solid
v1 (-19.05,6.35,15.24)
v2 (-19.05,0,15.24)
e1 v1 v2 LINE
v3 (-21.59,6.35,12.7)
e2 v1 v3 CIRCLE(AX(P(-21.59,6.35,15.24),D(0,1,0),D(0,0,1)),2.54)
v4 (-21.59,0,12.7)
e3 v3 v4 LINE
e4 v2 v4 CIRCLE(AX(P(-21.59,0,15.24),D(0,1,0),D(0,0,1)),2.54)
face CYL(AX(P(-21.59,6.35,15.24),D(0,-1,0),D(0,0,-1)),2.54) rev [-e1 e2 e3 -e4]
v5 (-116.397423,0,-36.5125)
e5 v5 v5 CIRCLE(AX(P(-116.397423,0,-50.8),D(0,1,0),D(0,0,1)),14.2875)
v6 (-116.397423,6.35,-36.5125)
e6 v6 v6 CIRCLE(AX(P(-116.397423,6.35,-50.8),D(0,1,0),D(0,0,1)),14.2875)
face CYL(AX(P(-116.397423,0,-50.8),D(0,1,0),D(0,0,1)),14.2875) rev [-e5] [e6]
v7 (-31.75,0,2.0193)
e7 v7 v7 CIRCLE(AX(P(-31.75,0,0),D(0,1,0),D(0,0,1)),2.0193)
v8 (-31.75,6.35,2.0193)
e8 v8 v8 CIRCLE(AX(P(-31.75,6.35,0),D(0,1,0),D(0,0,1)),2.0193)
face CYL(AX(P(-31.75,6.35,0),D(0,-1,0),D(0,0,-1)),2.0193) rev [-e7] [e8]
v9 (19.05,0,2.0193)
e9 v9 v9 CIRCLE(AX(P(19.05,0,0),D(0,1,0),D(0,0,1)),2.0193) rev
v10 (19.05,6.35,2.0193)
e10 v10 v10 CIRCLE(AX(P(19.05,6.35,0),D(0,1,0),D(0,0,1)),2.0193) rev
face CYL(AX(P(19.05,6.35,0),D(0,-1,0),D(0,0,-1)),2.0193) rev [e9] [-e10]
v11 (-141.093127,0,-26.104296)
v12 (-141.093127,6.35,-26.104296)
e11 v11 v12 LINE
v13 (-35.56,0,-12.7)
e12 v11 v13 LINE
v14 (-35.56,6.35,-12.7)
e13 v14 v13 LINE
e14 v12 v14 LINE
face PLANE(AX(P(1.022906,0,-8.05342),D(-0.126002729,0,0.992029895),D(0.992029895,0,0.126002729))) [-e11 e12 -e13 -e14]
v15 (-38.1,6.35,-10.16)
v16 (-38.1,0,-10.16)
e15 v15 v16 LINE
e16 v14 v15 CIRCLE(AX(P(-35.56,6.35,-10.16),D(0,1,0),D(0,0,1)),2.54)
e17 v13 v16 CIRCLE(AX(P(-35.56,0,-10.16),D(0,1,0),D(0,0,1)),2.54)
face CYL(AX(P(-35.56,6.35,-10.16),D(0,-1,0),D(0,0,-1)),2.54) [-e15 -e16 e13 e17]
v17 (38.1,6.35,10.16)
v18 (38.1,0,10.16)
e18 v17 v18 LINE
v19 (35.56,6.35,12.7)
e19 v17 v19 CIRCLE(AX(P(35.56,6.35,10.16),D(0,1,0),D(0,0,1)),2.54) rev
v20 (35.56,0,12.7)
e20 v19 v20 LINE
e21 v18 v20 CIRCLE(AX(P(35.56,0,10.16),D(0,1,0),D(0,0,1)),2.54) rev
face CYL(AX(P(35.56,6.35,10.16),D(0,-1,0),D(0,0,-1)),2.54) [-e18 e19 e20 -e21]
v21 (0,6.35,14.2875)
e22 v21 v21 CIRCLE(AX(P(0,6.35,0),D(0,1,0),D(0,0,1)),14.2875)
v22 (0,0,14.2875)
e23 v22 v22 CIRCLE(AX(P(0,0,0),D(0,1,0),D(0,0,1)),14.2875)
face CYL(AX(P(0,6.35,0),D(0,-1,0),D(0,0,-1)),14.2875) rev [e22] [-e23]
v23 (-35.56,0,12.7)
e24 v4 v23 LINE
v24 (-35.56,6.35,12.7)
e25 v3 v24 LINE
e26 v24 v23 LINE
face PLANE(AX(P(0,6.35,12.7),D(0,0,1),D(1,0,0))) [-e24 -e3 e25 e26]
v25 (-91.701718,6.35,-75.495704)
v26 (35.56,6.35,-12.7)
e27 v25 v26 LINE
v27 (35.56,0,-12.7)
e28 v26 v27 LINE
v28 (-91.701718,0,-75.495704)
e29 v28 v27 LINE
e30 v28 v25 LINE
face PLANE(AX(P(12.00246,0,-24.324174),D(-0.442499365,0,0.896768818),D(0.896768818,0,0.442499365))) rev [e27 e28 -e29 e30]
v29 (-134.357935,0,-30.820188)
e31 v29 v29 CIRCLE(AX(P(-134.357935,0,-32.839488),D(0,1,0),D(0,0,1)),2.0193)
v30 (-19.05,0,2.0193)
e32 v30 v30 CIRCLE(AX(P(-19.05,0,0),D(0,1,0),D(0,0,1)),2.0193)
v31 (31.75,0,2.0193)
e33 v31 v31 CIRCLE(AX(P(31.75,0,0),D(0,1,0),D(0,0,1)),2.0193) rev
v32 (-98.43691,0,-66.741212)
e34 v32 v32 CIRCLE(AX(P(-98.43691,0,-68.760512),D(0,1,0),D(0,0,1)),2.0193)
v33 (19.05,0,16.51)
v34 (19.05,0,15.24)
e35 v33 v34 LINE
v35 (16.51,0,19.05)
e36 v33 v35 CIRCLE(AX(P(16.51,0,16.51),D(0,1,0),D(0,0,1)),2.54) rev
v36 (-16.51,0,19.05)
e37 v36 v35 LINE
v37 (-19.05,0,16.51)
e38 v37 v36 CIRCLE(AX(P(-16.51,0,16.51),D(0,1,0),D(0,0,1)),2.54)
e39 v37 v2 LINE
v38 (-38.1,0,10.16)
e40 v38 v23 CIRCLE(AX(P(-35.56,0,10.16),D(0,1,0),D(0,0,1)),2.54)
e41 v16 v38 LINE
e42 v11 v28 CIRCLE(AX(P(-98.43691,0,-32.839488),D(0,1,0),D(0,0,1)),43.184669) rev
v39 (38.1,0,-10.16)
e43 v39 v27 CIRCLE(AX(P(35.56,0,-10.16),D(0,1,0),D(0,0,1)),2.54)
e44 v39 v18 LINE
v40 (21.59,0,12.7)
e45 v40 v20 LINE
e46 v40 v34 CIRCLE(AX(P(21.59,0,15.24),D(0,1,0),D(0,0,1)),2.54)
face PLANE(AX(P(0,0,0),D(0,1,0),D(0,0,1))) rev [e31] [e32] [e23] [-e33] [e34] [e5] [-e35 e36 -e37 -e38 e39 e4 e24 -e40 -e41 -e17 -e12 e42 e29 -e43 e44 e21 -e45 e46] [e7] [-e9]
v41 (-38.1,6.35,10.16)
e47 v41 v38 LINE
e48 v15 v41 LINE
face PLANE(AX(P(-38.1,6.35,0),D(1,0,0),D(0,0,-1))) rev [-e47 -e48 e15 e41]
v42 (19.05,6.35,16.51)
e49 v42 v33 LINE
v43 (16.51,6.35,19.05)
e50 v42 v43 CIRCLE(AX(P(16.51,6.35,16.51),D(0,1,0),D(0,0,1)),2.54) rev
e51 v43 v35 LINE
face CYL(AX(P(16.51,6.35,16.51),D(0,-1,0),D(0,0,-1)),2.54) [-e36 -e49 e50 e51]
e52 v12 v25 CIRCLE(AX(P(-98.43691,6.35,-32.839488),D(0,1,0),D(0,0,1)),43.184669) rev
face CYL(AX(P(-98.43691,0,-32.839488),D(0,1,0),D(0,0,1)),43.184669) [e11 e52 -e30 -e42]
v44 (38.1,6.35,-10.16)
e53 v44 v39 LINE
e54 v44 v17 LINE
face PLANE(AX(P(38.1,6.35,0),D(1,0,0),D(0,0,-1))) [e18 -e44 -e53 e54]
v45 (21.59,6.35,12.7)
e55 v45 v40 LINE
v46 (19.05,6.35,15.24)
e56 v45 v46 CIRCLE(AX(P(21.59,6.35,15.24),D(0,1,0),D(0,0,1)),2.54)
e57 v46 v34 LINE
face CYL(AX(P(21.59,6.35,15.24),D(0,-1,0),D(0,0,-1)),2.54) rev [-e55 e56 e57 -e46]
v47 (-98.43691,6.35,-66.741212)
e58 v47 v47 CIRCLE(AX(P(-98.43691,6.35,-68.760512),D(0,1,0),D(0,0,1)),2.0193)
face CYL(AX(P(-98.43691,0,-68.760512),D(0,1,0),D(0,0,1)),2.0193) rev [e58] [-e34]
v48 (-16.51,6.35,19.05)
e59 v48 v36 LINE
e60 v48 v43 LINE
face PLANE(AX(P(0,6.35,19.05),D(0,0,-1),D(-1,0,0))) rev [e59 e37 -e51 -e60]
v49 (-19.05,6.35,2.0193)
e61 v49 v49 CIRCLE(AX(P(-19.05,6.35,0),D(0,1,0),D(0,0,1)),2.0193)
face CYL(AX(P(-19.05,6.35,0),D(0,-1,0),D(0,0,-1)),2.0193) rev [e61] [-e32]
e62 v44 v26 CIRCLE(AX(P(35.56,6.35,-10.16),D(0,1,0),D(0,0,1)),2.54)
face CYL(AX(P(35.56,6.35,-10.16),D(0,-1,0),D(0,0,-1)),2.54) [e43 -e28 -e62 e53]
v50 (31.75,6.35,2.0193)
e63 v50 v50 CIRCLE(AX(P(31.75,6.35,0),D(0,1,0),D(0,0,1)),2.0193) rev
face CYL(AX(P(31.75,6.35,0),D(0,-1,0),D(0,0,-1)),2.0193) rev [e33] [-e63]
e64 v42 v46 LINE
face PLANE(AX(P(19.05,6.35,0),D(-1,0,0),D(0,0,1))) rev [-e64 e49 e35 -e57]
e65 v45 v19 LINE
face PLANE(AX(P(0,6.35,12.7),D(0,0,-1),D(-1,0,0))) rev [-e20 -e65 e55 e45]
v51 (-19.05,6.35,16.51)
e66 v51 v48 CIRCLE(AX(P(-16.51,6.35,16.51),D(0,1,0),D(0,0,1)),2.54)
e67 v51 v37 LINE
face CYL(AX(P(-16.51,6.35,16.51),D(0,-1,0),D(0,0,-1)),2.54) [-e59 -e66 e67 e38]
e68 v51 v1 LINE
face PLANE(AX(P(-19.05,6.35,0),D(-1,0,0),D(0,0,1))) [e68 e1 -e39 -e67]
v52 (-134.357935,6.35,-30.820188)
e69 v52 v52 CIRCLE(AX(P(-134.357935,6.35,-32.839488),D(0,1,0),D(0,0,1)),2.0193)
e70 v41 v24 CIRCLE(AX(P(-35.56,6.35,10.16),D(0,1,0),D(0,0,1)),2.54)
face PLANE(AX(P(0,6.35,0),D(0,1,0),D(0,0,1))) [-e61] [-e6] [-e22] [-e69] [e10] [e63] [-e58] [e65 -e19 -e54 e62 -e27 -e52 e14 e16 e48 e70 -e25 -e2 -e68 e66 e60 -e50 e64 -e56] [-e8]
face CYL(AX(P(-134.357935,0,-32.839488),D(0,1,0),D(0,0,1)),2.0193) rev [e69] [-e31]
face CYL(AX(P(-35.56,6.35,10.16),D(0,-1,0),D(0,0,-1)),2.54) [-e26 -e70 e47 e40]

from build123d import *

# Parameters (mm, degrees)
SKETCH1_R           = 14.2875
SKETCH1_R_2         = 2.0193
BOSS_EXTRUDE1_DEPTH = 6.35
SKETCH3_R           = 2.0193
SKETCH3_R_2         = 14.2875
BOSS_EXTRUDE3_DEPTH = 6.35


with BuildPart() as part:
    # Sketch1 → Boss-Extrude1 (new body)
    with BuildSketch(Plane(origin=(0, 0, 0), x_dir=(1, 0, 0), z_dir=(0, 1, 0))):
        with BuildLine():
            Line((-16.51, -19.05), (16.51, -19.05))
            ThreePointArc((16.51, -19.05), (18.306051224, -18.306051224), (19.05, -16.51))
            Line((19.05, -16.51), (19.05, -15.24))
            ThreePointArc((19.05, -15.24), (19.793948776, -13.443948776), (21.59, -12.7))
            Line((21.59, -12.7), (35.56, -12.7))
            ThreePointArc((35.56, -12.7), (37.356051224, -11.956051224), (38.1, -10.16))
            Line((38.1, -10.16), (38.1, 10.16))
            ThreePointArc((38.1, 10.16), (37.356051224, 11.956051224), (35.56, 12.7))
            Line((35.56, 12.7), (21.59, 12.7))
            ThreePointArc((21.59, 12.7), (19.793948776, 13.443948776), (19.05, 15.24))
            Line((19.05, 15.24), (19.05, 16.51))
            ThreePointArc((19.05, 16.51), (18.306051224, 18.306051224), (16.51, 19.05))
            Line((16.51, 19.05), (-16.51, 19.05))
            ThreePointArc((-16.51, 19.05), (-18.306051224, 18.306051224), (-19.05, 16.51))
            Line((-19.05, 16.51), (-19.05, 15.24))
            ThreePointArc((-19.05, 15.24), (-19.793948776, 13.443948776), (-21.59, 12.7))
            Line((-21.59, 12.7), (-35.56, 12.7))
            ThreePointArc((-35.56, 12.7), (-37.356051224, 11.956051224), (-38.1, 10.16))
            Line((-38.1, 10.16), (-38.1, -10.16))
            ThreePointArc((-38.1, -10.16), (-37.356051224, -11.956051224), (-35.56, -12.7))
            Line((-35.56, -12.7), (-21.59, -12.7))
            ThreePointArc((-21.59, -12.7), (-19.793948776, -13.443948776), (-19.05, -15.24))
            Line((-19.05, -15.24), (-19.05, -16.51))
            ThreePointArc((-19.05, -16.51), (-18.306051224, -18.306051224), (-16.51, -19.05))
        make_face()
        Circle(SKETCH1_R, mode=Mode.SUBTRACT)
        with Locations((-31.75, 0)):
            Circle(SKETCH1_R_2, mode=Mode.SUBTRACT)
        with Locations((-19.05, 0)):
            Circle(SKETCH1_R_2, mode=Mode.SUBTRACT)
        with Locations((19.05, 0)):
            Circle(SKETCH1_R_2, mode=Mode.SUBTRACT)
        with Locations((31.75, 0)):
            Circle(SKETCH1_R_2, mode=Mode.SUBTRACT)
    extrude(amount=BOSS_EXTRUDE1_DEPTH)

    # Sketch3 → Boss-Extrude3 (add)
    with BuildSketch(Plane(origin=(0, 6.35, 0), x_dir=(1, 0, 0), z_dir=(0, 1, 0))):
        with BuildLine():
            ThreePointArc((-91.701718319, 75.495704333), (-128.973082608, 63.375659956), (-141.093126985, 26.104295667))
            Line((-141.093126985, 26.104295667), (-35.56, 12.7))
            Line((-35.56, 12.7), (-21.59, 12.7))
            ThreePointArc((-21.59, 12.7), (-19.793948776, 13.443948776), (-19.05, 15.24))
            Line((-19.05, 15.24), (-19.05, 16.51))
            ThreePointArc((-19.05, 16.51), (-18.306051224, 18.306051224), (-16.51, 19.05))
            Line((-16.51, 19.05), (16.51, 19.05))
            ThreePointArc((16.51, 19.05), (18.306051224, 18.306051224), (19.05, 16.51))
            Line((19.05, 16.51), (19.05, 15.24))
            ThreePointArc((19.05, 15.24), (19.793948776, 13.443948776), (21.59, 12.7))
            Line((21.59, 12.7), (35.56, 12.7))
            Line((35.56, 12.7), (-91.701718319, 75.495704333))
        make_face()
        with Locations((-134.357934894, 32.839487758)):
            Circle(SKETCH3_R, mode=Mode.SUBTRACT)
        with Locations((-116.397422652, 50.8)):
            Circle(SKETCH3_R_2, mode=Mode.SUBTRACT)
        with Locations((-98.43691041, 68.760512242)):
            Circle(SKETCH3_R, mode=Mode.SUBTRACT)
    extrude(amount=-BOSS_EXTRUDE3_DEPTH)


solid = part.part
